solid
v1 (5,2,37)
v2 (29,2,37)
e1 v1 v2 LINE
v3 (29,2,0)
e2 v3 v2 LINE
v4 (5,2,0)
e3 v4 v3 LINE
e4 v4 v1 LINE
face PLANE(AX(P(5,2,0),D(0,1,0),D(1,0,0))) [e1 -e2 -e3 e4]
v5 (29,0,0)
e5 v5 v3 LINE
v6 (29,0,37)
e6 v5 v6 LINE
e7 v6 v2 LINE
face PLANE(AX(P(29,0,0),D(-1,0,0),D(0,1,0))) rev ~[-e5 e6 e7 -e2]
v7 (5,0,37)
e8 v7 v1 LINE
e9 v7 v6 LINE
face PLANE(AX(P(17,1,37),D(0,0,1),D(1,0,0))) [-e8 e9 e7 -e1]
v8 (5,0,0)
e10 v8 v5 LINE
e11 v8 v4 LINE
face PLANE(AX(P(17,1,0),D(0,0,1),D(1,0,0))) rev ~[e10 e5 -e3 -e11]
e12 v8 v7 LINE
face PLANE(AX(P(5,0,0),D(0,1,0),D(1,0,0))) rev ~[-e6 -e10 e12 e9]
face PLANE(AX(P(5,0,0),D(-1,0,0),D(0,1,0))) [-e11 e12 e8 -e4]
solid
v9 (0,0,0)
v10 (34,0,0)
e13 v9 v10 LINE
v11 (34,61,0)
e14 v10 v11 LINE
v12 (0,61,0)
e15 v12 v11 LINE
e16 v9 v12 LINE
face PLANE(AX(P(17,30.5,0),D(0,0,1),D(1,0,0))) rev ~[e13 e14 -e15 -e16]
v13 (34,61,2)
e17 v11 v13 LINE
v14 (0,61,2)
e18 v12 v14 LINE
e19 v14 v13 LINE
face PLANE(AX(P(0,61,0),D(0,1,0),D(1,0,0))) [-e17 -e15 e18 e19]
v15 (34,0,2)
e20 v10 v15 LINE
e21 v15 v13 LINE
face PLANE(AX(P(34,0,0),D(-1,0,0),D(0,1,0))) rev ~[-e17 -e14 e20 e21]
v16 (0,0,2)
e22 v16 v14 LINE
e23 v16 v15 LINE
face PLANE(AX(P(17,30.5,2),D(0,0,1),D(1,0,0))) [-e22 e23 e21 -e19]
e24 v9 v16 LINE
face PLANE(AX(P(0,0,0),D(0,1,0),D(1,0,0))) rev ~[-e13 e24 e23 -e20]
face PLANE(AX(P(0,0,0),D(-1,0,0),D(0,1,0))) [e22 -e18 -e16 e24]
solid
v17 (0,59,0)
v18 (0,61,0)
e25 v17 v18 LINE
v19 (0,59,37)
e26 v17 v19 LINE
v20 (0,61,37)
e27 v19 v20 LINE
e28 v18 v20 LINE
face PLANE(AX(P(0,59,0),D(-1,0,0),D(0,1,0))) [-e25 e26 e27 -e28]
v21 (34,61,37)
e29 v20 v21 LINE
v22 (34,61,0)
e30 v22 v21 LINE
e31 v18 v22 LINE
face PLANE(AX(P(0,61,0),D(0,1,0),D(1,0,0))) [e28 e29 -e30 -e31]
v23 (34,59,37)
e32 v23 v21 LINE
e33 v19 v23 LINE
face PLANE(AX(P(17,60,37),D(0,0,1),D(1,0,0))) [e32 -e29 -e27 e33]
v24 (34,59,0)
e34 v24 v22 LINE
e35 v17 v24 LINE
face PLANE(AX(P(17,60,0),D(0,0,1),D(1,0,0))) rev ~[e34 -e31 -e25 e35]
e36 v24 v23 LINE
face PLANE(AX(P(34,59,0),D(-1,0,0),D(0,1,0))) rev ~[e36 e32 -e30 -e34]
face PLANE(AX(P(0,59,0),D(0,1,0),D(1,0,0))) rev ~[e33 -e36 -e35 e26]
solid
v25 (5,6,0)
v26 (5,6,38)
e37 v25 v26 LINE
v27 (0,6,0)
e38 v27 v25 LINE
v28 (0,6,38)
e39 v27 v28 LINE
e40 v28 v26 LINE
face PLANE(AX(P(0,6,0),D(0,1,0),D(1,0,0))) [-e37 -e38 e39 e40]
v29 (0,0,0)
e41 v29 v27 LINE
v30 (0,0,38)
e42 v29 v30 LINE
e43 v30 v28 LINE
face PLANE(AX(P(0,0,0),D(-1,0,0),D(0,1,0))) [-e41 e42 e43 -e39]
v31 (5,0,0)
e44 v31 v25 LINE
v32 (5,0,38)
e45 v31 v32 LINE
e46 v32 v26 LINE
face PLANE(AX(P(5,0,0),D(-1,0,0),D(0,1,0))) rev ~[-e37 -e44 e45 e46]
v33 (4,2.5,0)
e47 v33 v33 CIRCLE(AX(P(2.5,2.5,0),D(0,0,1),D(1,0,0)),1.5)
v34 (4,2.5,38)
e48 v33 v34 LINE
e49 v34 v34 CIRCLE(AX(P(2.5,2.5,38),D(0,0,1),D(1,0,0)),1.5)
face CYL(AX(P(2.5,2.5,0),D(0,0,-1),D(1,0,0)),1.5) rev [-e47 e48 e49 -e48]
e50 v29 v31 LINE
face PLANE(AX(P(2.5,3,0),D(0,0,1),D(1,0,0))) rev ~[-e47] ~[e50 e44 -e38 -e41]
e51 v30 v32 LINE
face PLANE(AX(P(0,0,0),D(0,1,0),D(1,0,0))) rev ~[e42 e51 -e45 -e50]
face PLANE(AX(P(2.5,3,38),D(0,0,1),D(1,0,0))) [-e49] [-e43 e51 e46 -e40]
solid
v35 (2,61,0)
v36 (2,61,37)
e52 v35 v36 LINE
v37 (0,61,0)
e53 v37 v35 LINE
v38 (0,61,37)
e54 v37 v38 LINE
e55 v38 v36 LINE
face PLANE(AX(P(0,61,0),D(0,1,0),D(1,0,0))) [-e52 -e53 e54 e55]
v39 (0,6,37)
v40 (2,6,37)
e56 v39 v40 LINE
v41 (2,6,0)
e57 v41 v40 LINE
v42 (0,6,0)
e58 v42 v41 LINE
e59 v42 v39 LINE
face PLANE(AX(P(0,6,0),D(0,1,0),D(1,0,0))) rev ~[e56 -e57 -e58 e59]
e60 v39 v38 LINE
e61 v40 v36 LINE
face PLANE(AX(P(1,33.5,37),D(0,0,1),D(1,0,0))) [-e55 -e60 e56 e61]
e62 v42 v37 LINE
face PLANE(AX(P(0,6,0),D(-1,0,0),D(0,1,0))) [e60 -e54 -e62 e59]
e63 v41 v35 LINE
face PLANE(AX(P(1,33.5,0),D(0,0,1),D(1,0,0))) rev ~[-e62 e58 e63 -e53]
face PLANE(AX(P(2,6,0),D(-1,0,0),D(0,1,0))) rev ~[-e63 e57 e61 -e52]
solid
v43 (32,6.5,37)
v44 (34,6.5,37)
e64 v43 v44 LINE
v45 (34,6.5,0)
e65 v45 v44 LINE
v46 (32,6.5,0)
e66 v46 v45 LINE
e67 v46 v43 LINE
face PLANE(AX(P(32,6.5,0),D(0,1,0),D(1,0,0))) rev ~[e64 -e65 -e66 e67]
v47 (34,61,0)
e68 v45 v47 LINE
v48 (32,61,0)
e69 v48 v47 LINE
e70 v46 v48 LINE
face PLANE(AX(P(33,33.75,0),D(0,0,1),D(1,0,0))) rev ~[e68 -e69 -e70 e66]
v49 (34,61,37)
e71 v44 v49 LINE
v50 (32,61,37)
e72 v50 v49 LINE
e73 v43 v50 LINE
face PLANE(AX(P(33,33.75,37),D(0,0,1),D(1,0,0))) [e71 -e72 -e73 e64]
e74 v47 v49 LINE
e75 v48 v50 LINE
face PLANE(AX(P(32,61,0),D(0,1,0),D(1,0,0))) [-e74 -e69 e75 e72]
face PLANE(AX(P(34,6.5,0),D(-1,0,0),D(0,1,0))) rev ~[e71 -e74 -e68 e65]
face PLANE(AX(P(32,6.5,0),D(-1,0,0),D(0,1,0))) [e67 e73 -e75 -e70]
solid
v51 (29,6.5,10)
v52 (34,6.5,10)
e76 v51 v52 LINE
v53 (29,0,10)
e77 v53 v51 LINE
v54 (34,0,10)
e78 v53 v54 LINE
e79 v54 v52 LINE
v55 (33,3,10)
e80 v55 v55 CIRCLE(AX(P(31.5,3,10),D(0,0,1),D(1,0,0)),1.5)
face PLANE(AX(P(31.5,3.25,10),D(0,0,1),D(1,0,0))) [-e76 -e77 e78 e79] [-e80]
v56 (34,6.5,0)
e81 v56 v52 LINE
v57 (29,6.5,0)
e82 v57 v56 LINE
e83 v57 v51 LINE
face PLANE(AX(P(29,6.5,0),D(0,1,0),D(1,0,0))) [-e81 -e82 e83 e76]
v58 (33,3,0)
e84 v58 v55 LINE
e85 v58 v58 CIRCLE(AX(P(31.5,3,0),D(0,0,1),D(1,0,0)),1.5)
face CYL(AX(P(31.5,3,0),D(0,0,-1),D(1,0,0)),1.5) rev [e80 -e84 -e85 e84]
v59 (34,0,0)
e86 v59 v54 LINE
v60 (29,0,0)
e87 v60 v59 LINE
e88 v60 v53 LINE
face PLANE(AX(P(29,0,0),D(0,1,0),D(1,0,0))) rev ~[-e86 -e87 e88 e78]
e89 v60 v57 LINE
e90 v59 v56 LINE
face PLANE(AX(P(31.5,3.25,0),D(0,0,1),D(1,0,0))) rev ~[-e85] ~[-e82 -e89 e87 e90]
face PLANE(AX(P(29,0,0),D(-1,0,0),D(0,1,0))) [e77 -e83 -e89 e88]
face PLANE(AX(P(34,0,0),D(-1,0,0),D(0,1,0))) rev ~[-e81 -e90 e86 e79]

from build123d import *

# Parameters (mm, degrees)
BOX_W             = 34
BOX_H             = 61
BOX_DEPTH         = 2
BOX001_W          = 2
BOX001_H          = 55
BOX001_DEPTH      = 37
BOX002_W          = 2
BOX002_H          = 54.5
BOX002_DEPTH      = 37
BOX003_W          = 34
BOX003_H          = 2
BOX003_DEPTH      = 37
BOX004_W          = 24
BOX004_H          = 2
BOX004_DEPTH      = 37
CYLINDER001_R     = 1.5
CYLINDER001_DEPTH = 10
BOX006_W          = 5
BOX006_H          = 6.5
BOX006_DEPTH      = 10
CYLINDER_R        = 1.5
CYLINDER_DEPTH    = 38
BOX005_W          = 5
BOX005_H          = 6
BOX005_DEPTH      = 38


with BuildPart() as cube:
    # Box → Box (new body)
    with BuildSketch(Plane.XY):
        with Locations((17, 30.5)):
            Rectangle(BOX_W, BOX_H)
    extrude(amount=BOX_DEPTH)


with BuildPart() as cube001:
    # Box001 → Box001 (new body)
    with BuildSketch(Plane(origin=(0, 6, 0), x_dir=(1, 0, 0), z_dir=(0, 0, 1))):
        with Locations((1, 27.5)):
            Rectangle(BOX001_W, BOX001_H)
    extrude(amount=BOX001_DEPTH)


with BuildPart() as cube002:
    # Box002 → Box002 (new body)
    with BuildSketch(Plane(origin=(32, 6.5, 0), x_dir=(1, 0, 0), z_dir=(0, 0, 1))):
        with Locations((1, 27.25)):
            Rectangle(BOX002_W, BOX002_H)
    extrude(amount=BOX002_DEPTH)


with BuildPart() as cube003:
    # Box003 → Box003 (new body)
    with BuildSketch(Plane(origin=(0, 59, 0), x_dir=(1, 0, 0), z_dir=(0, 0, 1))):
        with Locations((17, 1)):
            Rectangle(BOX003_W, BOX003_H)
    extrude(amount=BOX003_DEPTH)


with BuildPart() as cube004:
    # Box004 → Box004 (new body)
    with BuildSketch(Plane(origin=(5, 0, 0), x_dir=(1, 0, 0), z_dir=(0, 0, 1))):
        with Locations((12, 1)):
            Rectangle(BOX004_W, BOX004_H)
    extrude(amount=BOX004_DEPTH)


with BuildPart() as cylinder001:
    # Cylinder001 → Cylinder001 (new body)
    with BuildSketch(Plane(origin=(31.5, 3, 0), x_dir=(1, 0, 0), z_dir=(0, 0, 1))):
        Circle(CYLINDER001_R)
    extrude(amount=CYLINDER001_DEPTH)


with BuildPart() as cut:
    # Box006 → Box006 (new body)
    with BuildSketch(Plane(origin=(29, 0, 0), x_dir=(1, 0, 0), z_dir=(0, 0, 1))):
        with Locations((2.5, 3.25)):
            Rectangle(BOX006_W, BOX006_H)
    extrude(amount=BOX006_DEPTH)

    # Cut: cut Cylinder001
    add(cylinder001.part, mode=Mode.SUBTRACT)


with BuildPart() as cylinder:
    # Cylinder → Cylinder (new body)
    with BuildSketch(Plane(origin=(2.5, 2.5, 0), x_dir=(1, 0, 0), z_dir=(0, 0, 1))):
        Circle(CYLINDER_R)
    extrude(amount=CYLINDER_DEPTH)


with BuildPart() as cut001:
    # Box005 → Box005 (new body)
    with BuildSketch(Plane.XY):
        with Locations((2.5, 3)):
            Rectangle(BOX005_W, BOX005_H)
    extrude(amount=BOX005_DEPTH)

    # Cut001: cut Cylinder
    add(cylinder.part, mode=Mode.SUBTRACT)


solid = Compound([cube.part, cube001.part, cube002.part, cube003.part, cube004.part, cut.part, cut001.part])
